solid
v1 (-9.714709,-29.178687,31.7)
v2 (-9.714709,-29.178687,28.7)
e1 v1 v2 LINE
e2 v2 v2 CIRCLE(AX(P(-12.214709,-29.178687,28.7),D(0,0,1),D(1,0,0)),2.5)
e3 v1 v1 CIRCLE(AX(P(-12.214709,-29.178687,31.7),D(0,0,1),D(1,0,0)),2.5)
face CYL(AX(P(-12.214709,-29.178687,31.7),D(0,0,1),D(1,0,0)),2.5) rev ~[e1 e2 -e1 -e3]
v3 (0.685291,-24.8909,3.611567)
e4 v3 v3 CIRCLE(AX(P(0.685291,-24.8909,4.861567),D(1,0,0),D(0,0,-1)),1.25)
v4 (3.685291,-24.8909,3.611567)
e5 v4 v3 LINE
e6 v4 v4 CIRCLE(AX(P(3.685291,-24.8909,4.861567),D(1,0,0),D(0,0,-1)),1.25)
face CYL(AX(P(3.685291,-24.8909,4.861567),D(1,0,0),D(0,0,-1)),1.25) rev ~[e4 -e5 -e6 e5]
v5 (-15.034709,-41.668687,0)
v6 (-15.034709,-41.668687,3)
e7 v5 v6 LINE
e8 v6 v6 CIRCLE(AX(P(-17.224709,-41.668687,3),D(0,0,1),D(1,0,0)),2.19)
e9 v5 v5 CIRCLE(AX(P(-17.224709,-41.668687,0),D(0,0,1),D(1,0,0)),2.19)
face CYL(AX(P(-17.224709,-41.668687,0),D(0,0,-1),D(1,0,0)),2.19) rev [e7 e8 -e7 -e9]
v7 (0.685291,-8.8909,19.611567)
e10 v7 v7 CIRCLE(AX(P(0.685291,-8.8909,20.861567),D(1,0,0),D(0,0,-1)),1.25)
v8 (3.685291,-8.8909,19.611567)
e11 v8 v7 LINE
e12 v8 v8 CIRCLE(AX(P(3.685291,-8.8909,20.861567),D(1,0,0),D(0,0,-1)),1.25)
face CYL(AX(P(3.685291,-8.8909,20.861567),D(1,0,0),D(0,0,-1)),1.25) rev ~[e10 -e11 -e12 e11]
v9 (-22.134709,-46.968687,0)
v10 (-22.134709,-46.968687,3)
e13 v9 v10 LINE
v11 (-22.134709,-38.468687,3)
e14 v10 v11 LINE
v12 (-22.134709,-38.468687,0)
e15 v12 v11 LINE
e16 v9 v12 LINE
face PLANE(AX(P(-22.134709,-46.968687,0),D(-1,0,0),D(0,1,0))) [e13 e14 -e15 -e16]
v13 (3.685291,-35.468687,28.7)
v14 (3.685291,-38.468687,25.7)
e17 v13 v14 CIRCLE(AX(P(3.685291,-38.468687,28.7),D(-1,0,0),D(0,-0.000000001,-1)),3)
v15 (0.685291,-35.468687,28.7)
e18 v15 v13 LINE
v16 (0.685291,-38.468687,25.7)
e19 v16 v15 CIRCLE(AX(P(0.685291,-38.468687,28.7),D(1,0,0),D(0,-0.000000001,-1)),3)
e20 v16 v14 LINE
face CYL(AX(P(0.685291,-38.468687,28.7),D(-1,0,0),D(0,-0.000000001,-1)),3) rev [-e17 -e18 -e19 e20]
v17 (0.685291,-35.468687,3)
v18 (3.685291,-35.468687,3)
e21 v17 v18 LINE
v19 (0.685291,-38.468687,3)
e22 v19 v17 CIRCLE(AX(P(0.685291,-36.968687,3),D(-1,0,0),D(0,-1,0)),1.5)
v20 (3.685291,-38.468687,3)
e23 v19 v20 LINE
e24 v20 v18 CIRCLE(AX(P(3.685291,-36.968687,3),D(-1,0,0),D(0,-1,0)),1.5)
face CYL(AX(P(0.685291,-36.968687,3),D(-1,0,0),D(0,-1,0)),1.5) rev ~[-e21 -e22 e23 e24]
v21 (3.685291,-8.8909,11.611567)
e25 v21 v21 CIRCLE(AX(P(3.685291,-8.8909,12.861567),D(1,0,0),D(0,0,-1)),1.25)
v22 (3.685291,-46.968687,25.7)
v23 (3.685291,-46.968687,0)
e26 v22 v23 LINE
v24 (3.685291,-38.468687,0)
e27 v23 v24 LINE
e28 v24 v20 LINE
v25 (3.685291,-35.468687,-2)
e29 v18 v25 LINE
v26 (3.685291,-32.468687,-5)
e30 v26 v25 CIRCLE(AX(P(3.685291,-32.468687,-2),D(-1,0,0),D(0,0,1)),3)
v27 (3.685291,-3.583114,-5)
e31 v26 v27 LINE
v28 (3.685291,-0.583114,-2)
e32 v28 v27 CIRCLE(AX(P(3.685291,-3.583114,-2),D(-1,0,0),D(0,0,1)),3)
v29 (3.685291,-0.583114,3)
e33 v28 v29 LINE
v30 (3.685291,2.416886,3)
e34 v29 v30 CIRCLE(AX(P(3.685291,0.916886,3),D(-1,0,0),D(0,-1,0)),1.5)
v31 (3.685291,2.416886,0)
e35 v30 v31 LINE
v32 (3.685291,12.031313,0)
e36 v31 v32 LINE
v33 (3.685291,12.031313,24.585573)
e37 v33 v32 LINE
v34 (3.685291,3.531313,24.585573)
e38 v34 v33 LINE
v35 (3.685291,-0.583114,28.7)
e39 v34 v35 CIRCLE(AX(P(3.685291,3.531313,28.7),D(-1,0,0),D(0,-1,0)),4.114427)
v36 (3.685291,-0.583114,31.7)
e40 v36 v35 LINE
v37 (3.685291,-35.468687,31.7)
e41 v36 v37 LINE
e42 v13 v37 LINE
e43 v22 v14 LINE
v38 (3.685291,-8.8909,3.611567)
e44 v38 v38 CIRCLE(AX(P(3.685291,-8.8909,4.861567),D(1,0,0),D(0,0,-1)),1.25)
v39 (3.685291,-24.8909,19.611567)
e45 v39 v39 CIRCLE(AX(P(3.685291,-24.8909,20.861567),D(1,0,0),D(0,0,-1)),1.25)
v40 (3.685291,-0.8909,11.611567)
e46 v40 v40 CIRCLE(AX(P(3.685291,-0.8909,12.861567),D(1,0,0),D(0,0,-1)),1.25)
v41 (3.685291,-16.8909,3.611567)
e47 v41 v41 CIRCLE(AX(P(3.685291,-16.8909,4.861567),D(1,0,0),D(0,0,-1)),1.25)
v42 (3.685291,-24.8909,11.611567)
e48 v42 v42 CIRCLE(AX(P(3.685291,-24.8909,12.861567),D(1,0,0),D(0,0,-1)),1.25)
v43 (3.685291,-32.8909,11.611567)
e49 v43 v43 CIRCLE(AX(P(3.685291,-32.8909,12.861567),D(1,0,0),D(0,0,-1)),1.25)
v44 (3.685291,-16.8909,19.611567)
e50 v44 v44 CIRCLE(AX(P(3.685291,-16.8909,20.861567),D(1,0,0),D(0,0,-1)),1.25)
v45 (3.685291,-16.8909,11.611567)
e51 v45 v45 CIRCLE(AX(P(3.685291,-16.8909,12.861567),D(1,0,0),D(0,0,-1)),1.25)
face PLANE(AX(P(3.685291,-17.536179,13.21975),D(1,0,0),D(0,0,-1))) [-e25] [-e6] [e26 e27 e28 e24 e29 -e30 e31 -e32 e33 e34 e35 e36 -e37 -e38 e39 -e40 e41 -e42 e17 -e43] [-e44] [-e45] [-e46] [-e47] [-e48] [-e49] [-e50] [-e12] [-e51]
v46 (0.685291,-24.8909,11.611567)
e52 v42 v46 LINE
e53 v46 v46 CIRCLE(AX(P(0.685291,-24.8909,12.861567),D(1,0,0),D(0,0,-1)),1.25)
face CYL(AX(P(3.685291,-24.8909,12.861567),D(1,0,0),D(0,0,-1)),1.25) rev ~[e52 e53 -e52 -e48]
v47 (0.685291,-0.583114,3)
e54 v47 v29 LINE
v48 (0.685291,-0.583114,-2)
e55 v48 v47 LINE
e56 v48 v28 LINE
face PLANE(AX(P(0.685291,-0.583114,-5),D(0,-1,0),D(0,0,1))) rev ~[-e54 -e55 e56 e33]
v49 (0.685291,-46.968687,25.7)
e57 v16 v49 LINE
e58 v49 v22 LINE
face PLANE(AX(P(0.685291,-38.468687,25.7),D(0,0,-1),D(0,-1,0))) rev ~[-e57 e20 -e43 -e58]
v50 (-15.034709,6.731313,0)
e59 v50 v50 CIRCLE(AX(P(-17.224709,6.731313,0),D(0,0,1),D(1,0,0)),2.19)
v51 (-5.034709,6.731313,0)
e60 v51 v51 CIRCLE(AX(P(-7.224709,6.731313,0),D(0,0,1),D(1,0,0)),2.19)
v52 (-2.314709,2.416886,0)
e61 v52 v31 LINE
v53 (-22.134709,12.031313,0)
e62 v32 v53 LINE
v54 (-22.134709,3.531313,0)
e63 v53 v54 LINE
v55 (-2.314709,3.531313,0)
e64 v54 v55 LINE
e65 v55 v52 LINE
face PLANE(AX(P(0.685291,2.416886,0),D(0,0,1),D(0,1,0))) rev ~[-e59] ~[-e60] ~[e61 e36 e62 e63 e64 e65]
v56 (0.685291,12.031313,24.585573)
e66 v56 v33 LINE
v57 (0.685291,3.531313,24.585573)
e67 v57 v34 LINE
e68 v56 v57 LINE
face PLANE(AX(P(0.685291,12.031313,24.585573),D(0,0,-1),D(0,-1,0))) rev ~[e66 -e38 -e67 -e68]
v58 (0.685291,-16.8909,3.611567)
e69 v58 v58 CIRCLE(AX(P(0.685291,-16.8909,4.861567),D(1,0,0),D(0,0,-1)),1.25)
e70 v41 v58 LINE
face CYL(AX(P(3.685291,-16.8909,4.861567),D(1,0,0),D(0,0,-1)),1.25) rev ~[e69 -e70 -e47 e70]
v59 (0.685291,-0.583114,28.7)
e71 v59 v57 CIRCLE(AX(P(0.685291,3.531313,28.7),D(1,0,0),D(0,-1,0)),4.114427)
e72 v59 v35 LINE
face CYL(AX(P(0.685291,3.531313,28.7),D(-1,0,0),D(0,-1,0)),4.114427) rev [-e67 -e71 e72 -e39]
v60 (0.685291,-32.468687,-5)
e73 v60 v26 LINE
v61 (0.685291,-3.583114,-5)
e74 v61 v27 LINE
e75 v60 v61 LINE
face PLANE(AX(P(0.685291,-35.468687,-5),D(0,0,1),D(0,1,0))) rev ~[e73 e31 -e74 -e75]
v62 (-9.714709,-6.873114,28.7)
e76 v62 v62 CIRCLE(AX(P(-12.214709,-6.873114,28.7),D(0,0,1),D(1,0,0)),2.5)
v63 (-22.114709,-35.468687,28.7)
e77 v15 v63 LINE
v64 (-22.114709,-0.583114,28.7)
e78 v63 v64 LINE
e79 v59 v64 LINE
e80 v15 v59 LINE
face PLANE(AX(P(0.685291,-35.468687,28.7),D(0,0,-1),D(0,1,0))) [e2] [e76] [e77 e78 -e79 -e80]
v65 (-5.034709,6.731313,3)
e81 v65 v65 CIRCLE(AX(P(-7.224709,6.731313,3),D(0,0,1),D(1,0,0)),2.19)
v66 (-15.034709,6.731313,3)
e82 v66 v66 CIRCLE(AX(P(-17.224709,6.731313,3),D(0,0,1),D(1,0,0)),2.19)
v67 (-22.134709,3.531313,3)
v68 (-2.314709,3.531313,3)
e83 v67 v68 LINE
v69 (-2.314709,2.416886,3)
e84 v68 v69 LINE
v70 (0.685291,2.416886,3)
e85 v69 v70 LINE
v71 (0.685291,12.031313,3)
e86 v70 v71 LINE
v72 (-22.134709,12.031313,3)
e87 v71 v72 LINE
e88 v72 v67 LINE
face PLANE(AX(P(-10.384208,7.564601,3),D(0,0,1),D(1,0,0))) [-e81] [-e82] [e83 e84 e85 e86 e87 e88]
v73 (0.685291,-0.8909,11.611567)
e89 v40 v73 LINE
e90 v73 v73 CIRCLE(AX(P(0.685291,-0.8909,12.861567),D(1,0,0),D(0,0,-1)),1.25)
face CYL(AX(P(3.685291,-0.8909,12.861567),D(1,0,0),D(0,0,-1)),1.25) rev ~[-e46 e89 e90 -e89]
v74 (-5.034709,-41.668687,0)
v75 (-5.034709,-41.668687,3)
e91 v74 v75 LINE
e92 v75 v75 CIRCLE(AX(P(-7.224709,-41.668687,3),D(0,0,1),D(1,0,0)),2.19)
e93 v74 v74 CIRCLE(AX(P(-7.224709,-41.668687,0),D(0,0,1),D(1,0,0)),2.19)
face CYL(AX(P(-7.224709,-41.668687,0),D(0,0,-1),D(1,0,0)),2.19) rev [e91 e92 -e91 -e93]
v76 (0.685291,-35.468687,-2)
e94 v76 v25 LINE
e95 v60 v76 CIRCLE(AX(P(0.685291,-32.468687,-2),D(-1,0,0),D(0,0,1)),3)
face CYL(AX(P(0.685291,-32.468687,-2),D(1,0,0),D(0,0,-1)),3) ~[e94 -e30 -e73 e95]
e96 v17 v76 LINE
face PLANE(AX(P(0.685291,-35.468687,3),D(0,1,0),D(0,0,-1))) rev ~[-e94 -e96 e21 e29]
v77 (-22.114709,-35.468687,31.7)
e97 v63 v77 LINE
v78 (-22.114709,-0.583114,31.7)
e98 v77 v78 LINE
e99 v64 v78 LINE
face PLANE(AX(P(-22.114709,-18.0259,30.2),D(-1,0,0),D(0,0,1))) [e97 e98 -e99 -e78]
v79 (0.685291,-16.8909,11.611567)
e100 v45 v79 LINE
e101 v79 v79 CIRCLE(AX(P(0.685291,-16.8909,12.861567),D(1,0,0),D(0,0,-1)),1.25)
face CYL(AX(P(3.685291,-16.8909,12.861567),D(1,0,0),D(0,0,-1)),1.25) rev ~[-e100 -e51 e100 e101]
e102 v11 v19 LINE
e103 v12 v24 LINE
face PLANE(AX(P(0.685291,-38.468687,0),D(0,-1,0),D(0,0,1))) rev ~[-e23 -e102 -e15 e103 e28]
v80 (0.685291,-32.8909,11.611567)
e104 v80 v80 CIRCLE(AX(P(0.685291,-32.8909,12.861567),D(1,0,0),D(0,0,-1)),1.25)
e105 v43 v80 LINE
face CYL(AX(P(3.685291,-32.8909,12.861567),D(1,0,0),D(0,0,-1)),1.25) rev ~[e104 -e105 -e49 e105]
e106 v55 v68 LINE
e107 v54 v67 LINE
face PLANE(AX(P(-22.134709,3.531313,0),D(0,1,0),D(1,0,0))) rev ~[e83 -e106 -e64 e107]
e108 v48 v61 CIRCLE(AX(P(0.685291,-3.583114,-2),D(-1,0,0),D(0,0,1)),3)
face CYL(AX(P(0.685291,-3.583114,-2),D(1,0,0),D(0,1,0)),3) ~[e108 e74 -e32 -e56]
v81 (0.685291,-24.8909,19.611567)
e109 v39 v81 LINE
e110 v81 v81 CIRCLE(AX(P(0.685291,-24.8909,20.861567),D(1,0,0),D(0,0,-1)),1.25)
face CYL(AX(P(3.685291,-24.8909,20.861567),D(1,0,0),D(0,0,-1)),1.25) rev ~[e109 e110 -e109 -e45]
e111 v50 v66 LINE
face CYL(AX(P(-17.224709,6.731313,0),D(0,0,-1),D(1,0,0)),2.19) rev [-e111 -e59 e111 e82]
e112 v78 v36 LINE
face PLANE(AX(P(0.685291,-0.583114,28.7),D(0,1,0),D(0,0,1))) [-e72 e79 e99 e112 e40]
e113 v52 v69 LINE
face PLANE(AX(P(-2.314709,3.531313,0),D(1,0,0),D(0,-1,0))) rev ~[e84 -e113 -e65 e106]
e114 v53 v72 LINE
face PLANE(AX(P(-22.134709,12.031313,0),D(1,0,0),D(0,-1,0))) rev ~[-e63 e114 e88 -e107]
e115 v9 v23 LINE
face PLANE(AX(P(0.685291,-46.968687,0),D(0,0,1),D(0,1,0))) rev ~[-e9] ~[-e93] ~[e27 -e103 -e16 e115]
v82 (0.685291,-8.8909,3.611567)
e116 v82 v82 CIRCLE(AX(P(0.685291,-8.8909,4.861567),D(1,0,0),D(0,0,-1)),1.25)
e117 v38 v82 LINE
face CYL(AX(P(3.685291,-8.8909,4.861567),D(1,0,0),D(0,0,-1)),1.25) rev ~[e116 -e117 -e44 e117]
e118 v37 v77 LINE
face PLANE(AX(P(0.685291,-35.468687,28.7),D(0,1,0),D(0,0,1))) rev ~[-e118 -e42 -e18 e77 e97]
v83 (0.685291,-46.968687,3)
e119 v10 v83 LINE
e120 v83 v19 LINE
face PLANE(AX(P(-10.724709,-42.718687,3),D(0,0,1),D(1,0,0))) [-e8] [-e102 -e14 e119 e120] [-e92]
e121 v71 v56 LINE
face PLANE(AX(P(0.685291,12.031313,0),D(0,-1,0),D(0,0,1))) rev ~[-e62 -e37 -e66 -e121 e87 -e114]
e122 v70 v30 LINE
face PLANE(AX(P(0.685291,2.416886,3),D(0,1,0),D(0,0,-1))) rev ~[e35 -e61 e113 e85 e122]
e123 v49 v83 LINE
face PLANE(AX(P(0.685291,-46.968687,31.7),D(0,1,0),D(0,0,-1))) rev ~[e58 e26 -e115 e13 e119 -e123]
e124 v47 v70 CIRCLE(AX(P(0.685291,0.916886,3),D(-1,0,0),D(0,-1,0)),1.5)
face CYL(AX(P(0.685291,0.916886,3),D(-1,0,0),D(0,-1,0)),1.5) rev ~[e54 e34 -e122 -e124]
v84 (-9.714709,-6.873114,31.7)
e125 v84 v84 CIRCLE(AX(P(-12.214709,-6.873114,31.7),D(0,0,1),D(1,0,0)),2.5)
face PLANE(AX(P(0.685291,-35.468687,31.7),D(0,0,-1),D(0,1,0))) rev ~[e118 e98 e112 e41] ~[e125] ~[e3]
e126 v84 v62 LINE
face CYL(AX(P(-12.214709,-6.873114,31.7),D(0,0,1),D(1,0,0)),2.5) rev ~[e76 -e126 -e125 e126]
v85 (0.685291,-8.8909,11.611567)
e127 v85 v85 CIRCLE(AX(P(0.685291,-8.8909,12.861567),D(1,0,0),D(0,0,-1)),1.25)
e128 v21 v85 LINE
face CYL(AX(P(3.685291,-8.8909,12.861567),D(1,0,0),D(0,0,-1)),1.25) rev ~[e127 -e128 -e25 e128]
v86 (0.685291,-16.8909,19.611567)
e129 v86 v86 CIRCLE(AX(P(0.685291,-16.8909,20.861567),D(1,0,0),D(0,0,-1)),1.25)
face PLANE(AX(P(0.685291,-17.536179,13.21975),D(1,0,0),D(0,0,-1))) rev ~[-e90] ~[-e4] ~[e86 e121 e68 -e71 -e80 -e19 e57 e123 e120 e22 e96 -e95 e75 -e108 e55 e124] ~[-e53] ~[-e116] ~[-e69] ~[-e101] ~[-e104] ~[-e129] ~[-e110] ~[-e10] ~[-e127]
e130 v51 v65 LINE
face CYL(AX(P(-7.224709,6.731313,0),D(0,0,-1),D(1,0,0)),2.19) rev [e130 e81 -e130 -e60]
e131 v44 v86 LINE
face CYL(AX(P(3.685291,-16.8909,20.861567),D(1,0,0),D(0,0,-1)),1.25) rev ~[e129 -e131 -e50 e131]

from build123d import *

# Parameters (mm, degrees)
ESQUISSE1_R             = 2.19
BOSS_EXTRU_2_DEPTH      = 3
ESQUISSE1_W             = 22.82
ESQUISSE1_H             = 8.5
BOSS_EXTRU_2_2_DEPTH    = 3
BOSS_EXTRU_4_DEPTH      = 3
CONG_1_R                = 3
ESQUISSE4_W             = 3
ESQUISSE4_H             = 9.614426754
BOSS_EXTRU_5_DEPTH      = 5
ENL_V_MAT_EXTRU_1_DEPTH = 5
ESQUISSE15_W            = 3
ESQUISSE15_H            = 34.885573246
BOSS_EXTRU_6_DEPTH      = 22.8
ESQUISSE17_R            = 1.25
ENL_V_MAT_EXTRU_2_DEPTH = 4
ESQUISSE19_R            = 2.5
ENL_V_MAT_EXTRU_5_DEPTH = 4


with BuildPart() as part:
    # Esquisse1 → Boss.-Extru.2 (new body)
    with BuildSketch(Plane.XY):
        Polygon((-22.134709342, 12.031312967), (-22.134709342, 3.531312967), (-2.314709342, 3.531312967), (-2.314709342, 2.416886213), (0.685290658, 2.416886213), (0.685290658, 12.031312967), align=None)
        with Locations((-17.224709342, 6.731312967)):
            Circle(ESQUISSE1_R, mode=Mode.SUBTRACT)
        with Locations((-7.224709342, 6.731312967)):
            Circle(ESQUISSE1_R, mode=Mode.SUBTRACT)
    extrude(amount=BOSS_EXTRU_2_DEPTH)



with BuildPart() as body_2:
    # Esquisse1 → Boss.-Extru.2 2 (new body)
    with BuildSketch(Plane.XY):
        with Locations((-10.724709342, -42.718687033)):
            Rectangle(ESQUISSE1_W, ESQUISSE1_H)
        with Locations((-17.224709342, -41.668687033)):
            Circle(ESQUISSE1_R, mode=Mode.SUBTRACT)
        with Locations((-7.224709342, -41.668687033)):
            Circle(ESQUISSE1_R, mode=Mode.SUBTRACT)
    extrude(amount=BOSS_EXTRU_2_2_DEPTH)

    # Esquisse3 → Boss.-Extru.4 (add)
    with BuildSketch(Plane(origin=(0.685290658, 0, 0), x_dir=(0, 0, -1), z_dir=(1, 0, 0))):
        with BuildLine():
            Line((0, 2.416886213), (0, 12.031312967))
            Line((0, 12.031312967), (-31.7, 12.031312967))
            Line((-31.7, 12.031312967), (-31.7, -46.968687033))
            Line((-31.7, -46.968687033), (0, -46.968687033))
            Line((0, -46.968687033), (0, -38.468687033))
            Line((0, -38.468687033), (-3, -38.468687033))
            ThreePointArc((-3, -38.468687033), (-4.5, -36.968687033), (-3, -35.468687033))
            Line((-3, -35.468687033), (5, -35.468687033))
            Line((5, -35.468687033), (5, -0.583113787))
            Line((5, -0.583113787), (-3, -0.583113787))
            ThreePointArc((-3, -0.583113787), (-4.5, 0.916886213), (-3, 2.416886213))
            Line((-3, 2.416886213), (0, 2.416886213))
        make_face()
    extrude(amount=BOSS_EXTRU_4_DEPTH)

    # Congé1
    cong_1_edges = [body_2.edges().sort_by_distance(p)[0] for p in [
        (2.185290658, -35.468687033, -5),
        (2.185290658, -0.583113787, -5),
    ]]
    fillet(cong_1_edges, radius=CONG_1_R)


with BuildPart() as part_1:
    add(part.part)

    add(body_2.part)  # Boss.-Extru.5 merges body 2
    # Esquisse4 → Boss.-Extru.5 (add)
    with BuildSketch(Plane(origin=(3.685290658, 0, 0), x_dir=(0, 0, -1), z_dir=(1, 0, 0))):
        with Locations((-1.5, 7.22409959)):
            Rectangle(ESQUISSE4_W, ESQUISSE4_H)
    extrude(amount=-BOSS_EXTRU_5_DEPTH)

    # Esquisse13 → Enlèv. mat.-Extru.1 (cut)
    with BuildSketch(Plane.ZY.offset(-0.685290658)):
        Polygon((28.7, -0.583113787), (31.7, -0.583113787), (31.7, 12.031312967), (24.585573245, 12.031312967), (24.585573245, 3.531312967), (28.7, 3.531312967), align=None)
        with BuildLine():
            ThreePointArc((28.7, -0.583113787), (25.790660941, 0.621973908), (24.585573245, 3.531312967))
            Line((24.585573245, 3.531312967), (28.7, 3.531312967))
            Line((28.7, 3.531312967), (28.7, -0.583113787))
        make_face()
        Polygon((31.7, -46.968687033), (31.7, -35.468687033), (28.7, -35.468687033), (28.7, -38.468687033), (25.7, -38.468687033), (25.7, -46.968687033), align=None)
        with BuildLine():
            ThreePointArc((25.7, -38.468687033), (26.578679656, -36.347366689), (28.7, -35.468687033))
            Line((28.7, -35.468687033), (28.7, -38.468687033))
            Line((28.7, -38.468687033), (25.7, -38.468687033))
        make_face()
    extrude(amount=-ENL_V_MAT_EXTRU_1_DEPTH, mode=Mode.SUBTRACT)

    # Esquisse15 → Boss.-Extru.6 (add)
    with BuildSketch(Plane.ZY.offset(-0.685290658)):
        with Locations((30.2, -18.02590041)):
            Rectangle(ESQUISSE15_W, ESQUISSE15_H)
    extrude(amount=BOSS_EXTRU_6_DEPTH)

    # Esquisse17 → Enlèv. mat.-Extru.2 (cut)
    with BuildSketch(Plane(origin=(3.685290658, 0, 0), x_dir=(0, 0, -1), z_dir=(1, 0, 0))):
        with Locations((-20.861566887, -16.89090041)):
            Circle(ESQUISSE17_R)
        with Locations((-20.861566887, -24.89090041)):
            Circle(ESQUISSE17_R)
        with Locations((-12.861566887, -24.89090041)):
            Circle(ESQUISSE17_R)
        with Locations((-4.861566887, -24.89090041)):
            Circle(ESQUISSE17_R)
        with Locations((-4.861566887, -16.89090041)):
            Circle(ESQUISSE17_R)
        with Locations((-4.861566887, -8.89090041)):
            Circle(ESQUISSE17_R)
        with Locations((-12.861566887, -8.89090041)):
            Circle(ESQUISSE17_R)
        with Locations((-20.861566887, -8.89090041)):
            Circle(ESQUISSE17_R)
        with Locations((-12.861566887, -0.89090041)):
            Circle(ESQUISSE17_R)
        with Locations((-12.861566887, -32.89090041)):
            Circle(ESQUISSE17_R)
        with Locations((-12.861566887, -16.89090041)):
            Circle(ESQUISSE17_R)
    extrude(amount=-ENL_V_MAT_EXTRU_2_DEPTH, mode=Mode.SUBTRACT)

    # Esquisse19 → Enlèv. mat.-Extru.5 (cut)
    with BuildSketch(Plane.XY.offset(31.7)):
        with Locations((-12.214709342, -6.873113787)):
            Circle(ESQUISSE19_R)
        with Locations((-12.214709342, -29.178687033)):
            Circle(ESQUISSE19_R)
    extrude(amount=-ENL_V_MAT_EXTRU_5_DEPTH, mode=Mode.SUBTRACT)


solid = part_1.part
